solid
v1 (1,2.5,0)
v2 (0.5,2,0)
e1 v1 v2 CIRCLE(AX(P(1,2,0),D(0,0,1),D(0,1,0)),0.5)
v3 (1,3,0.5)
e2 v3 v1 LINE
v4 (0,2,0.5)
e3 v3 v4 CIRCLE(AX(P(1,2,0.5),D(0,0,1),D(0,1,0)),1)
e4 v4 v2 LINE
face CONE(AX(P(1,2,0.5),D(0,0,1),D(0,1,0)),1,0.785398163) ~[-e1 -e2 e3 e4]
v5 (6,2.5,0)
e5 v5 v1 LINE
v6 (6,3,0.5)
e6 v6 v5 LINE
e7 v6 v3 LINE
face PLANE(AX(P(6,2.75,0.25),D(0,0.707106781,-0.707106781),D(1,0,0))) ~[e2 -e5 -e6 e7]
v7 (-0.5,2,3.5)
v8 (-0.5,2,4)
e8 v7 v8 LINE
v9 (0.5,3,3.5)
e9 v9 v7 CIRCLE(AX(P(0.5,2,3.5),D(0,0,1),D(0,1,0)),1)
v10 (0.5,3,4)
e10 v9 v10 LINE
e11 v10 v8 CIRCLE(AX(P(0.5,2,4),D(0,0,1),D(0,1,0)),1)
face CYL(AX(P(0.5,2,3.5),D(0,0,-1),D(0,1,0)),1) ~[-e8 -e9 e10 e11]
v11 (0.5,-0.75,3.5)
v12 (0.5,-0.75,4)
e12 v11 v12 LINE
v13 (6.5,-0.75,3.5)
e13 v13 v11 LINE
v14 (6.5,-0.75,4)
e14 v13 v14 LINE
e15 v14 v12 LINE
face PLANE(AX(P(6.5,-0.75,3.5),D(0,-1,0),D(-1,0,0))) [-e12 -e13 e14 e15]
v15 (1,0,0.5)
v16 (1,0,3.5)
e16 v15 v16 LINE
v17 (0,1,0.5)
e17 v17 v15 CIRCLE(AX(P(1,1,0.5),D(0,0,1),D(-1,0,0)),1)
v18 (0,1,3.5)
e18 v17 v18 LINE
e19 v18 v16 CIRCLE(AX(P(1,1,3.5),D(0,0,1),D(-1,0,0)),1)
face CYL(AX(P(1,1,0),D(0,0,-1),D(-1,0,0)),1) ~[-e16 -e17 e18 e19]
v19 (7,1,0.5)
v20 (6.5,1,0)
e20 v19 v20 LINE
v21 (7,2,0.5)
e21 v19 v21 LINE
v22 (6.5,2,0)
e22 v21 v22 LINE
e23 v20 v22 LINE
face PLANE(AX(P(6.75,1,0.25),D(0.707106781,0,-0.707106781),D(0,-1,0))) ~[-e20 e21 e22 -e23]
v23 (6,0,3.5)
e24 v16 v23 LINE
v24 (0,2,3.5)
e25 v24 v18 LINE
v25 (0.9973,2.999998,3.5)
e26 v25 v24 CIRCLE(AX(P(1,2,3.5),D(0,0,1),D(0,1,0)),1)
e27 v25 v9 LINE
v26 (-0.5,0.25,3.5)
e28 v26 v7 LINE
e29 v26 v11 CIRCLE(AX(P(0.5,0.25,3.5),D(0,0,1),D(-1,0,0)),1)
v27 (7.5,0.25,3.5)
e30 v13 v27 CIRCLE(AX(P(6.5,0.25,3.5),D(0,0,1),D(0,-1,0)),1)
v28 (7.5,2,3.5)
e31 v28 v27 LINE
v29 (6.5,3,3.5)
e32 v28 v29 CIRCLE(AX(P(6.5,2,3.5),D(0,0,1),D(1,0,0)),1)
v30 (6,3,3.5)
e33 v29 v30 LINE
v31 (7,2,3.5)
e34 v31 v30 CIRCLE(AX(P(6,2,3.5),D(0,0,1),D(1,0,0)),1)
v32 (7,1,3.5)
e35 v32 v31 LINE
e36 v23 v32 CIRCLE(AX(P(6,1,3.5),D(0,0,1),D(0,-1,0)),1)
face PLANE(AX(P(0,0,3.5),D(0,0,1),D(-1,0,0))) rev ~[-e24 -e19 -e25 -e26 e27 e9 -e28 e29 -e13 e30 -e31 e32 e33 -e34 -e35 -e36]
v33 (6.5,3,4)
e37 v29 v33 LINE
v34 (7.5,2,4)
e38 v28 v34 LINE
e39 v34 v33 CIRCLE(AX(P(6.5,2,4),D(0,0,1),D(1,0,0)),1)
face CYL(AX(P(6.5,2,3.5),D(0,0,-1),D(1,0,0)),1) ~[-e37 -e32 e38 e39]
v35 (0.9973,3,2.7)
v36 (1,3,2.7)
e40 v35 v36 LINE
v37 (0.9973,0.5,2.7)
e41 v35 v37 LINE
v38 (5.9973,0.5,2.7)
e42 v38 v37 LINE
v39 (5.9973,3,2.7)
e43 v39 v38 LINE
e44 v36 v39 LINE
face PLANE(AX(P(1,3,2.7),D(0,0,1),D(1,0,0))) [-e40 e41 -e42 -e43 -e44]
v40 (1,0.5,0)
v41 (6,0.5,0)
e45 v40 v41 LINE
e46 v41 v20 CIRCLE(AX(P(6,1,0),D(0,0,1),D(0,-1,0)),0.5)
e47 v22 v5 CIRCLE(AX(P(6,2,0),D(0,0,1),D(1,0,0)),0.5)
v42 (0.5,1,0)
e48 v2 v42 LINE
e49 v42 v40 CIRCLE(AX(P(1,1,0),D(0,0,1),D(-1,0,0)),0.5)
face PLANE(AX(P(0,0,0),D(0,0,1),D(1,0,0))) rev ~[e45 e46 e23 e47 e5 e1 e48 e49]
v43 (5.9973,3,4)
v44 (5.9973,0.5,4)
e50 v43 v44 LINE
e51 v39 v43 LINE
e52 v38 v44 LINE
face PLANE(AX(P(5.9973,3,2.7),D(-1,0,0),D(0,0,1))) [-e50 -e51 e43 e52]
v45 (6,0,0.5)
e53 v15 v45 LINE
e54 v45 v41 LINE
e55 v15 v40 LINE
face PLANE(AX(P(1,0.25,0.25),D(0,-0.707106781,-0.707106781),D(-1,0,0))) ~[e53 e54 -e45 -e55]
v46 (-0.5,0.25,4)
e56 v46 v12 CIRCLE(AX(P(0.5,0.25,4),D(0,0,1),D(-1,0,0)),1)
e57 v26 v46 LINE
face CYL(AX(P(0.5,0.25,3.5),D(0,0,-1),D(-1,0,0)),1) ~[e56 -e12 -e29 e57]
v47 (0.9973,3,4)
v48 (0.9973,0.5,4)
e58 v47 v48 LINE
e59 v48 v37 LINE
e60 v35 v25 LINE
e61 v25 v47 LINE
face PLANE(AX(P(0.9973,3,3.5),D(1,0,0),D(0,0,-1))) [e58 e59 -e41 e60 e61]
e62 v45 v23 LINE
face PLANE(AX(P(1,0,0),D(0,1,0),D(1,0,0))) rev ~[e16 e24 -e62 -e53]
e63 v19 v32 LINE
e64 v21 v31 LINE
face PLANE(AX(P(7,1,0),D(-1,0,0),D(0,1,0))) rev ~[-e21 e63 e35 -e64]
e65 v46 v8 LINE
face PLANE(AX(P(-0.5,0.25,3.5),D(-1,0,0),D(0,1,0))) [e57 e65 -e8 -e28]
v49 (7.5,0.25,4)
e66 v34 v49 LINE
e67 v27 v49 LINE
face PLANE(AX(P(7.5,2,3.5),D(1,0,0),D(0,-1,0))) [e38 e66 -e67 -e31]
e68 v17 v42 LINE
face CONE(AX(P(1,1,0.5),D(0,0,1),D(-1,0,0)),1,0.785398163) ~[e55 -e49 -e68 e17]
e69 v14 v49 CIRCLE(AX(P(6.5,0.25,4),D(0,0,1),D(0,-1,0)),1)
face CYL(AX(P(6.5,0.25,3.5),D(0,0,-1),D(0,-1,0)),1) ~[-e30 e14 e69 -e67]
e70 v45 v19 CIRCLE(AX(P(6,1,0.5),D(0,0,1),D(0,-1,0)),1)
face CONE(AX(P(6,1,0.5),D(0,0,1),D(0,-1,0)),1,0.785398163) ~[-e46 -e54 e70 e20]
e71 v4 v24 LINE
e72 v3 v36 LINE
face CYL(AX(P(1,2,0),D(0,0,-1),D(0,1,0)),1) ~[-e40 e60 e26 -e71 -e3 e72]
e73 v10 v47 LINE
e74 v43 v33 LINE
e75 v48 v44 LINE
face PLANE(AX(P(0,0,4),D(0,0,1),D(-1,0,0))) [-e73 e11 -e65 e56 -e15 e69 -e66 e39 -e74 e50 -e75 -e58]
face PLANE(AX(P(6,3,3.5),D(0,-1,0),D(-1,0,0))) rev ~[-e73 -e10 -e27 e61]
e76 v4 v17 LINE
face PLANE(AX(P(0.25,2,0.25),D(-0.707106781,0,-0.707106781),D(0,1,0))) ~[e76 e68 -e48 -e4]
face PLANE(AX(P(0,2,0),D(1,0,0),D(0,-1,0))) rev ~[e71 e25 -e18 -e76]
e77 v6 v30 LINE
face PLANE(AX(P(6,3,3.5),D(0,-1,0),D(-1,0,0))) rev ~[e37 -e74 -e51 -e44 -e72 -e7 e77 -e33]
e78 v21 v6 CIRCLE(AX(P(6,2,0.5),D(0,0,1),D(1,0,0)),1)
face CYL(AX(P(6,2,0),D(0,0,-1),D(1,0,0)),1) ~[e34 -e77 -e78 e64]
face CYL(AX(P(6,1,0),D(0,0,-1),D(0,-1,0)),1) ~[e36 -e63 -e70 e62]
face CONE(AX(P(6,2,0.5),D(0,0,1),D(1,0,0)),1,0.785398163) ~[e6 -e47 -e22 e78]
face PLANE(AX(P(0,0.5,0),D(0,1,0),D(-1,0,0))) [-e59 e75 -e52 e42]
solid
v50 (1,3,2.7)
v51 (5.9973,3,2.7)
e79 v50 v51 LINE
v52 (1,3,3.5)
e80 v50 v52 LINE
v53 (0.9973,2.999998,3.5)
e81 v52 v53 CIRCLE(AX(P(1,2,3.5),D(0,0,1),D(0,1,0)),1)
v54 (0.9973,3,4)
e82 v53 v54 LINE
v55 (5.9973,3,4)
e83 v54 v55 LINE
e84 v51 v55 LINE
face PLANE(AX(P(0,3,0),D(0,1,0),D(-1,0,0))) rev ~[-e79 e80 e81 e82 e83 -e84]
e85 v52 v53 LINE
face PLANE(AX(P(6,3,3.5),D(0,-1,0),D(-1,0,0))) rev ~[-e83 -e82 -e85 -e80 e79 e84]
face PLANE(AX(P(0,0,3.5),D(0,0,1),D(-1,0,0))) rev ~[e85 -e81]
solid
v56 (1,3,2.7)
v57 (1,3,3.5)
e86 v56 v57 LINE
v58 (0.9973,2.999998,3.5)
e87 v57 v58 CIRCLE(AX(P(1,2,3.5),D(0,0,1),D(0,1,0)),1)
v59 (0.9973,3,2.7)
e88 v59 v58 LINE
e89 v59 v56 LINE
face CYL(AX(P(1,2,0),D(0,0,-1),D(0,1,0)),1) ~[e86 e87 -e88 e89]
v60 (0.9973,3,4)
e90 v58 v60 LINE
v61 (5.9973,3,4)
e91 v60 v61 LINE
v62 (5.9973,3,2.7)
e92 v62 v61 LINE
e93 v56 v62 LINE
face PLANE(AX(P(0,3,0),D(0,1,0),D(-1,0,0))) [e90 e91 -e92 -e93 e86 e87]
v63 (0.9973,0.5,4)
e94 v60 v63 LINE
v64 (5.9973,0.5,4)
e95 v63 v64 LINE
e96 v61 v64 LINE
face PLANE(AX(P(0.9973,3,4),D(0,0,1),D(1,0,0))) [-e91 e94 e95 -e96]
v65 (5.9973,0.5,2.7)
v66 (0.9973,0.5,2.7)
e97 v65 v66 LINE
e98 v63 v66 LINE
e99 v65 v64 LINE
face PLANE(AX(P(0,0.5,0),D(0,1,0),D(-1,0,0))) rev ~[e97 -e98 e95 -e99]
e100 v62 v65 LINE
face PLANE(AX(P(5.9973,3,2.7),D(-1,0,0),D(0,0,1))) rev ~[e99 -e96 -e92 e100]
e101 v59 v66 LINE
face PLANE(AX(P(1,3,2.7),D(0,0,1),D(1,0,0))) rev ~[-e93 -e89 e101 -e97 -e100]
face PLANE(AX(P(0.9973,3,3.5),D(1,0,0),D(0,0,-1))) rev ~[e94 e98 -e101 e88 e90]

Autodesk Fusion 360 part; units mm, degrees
sketch "Sketch1" plane through (0, 0, 0) normal (0, 0, 1) x (1, 0, 0)
  line L0 (1, 0) -> (6, 0)
  line L1 (7, 1) -> (7, 2)
  line L2 (6, 3) -> (1, 3)
  line L3 (0, 2) -> (0, 1)
  arc A0 (1, 3) -> (0, 2) centre (1, 2) ccw
  arc A1 (0, 1) -> (1, 0) centre (1, 1) ccw
  arc A2 (7, 2) -> (6, 3) centre (6, 2) ccw
  arc A3 (6, 0) -> (7, 1) centre (6, 1) ccw
  point P0 (7, 3)
  point P1 (0, 3)
  dimension "d1" = 7
  dimension "d2" = 3
  dimension "d3" = 1
extrude "Extrude1" add sketch "Sketch1" along normal blind 3.5
sketch "Sketch2" plane through (0, 0, 3.5) normal (0, 0, 1) x (-1, 0, 0)
  arc A0 (-6, 0) -> (-7, -1) centre (-6, -1) ccw
  line L0 (-7, -1) -> (-7, -2)
  arc A1 (-7, -2) -> (-6, -3) centre (-6, -2) ccw
  line L1 (-6, -3) -> (-1, -3)
  arc A2 (-1, -3) -> (0, -2) centre (-1, -2) ccw
  line L2 (0, -2) -> (0, -1)
  arc A3 (0, -1) -> (-1, 0) centre (-1, -1) ccw
  line L3 (-1, 0) -> (-6, 0)
  line L4 (-0.5, -3) -> (-6.5, -3)
  line L5 (-7.5, -2) -> (-7.5, -0.25)
  line L6 (-6.5, 0.75) -> (-0.5, 0.75)
  line L7 (0.5, -0.25) -> (0.5, -2)
  arc A4 (0.5, -0.25) -> (-0.5, 0.75) centre (-0.5, -0.25) ccw
  arc A5 (-6.5, 0.75) -> (-7.5, -0.25) centre (-6.5, -0.25) ccw
  arc A6 (-0.5, -3) -> (0.5, -2) centre (-0.5, -2) ccw
  arc A7 (-7.5, -2) -> (-6.5, -3) centre (-6.5, -2) ccw
  dimension "d6" = 0.5
  dimension "d7" = 0.5
  dimension "d8" = 0.75
  dimension "d11" = 1
extrude "Extrude2" add sketch "Sketch2" along normal blind 0.5
chamfer "Chamfer1" distance 0.5 angle 45 8 edges at (0, 1.5, 0) (0.2929, 0.2929, 0) (3.5, 0, 0) (6.7071, 0.2929, 0) (7, 1.5, 0) (6.7071, 2.7071, 0) (3.5, 3, 0) (0.2929, 2.7071, 0)
sketch "Sketch3" plane through (0, 3, 0) normal (0, 1, 0) x (-1, 0, 0)
  line L0 (-6, 0.5) -> (-1, 0.5)
  line L1 (-1, 0.5) -> (-1, 3.5)
  line L2 (-0.5, 4) -> (-6.5, 4)
  line L3 (-6, 3.5) -> (-6, 0.5)
  line L4 (-5.9973, 4) -> (-0.9973, 4)
  line L5 (-0.9973, 4) -> (-0.9973, 2.7)
  line L6 (-0.9973, 2.7) -> (-5.9973, 2.7)
  line L7 (-5.9973, 2.7) -> (-5.9973, 4)
  line L8 (-1, 3.5) -> (-0.5, 3.5)
  line L9 (-0.5, 3.5) -> (-0.5, 4)
  line L10 (-6.5, 4) -> (-6.5, 3.5)
  line L11 (-6.5, 3.5) -> (-6, 3.5)
  dimension "d13" = 5
  dimension "d20" = 1.3
extrude "Extrude3" cut sketch "Sketch3" against normal blind 2.5 contours L1 L2 L4 L5 L6 L7 L8 | L1 L5 L6 L8
